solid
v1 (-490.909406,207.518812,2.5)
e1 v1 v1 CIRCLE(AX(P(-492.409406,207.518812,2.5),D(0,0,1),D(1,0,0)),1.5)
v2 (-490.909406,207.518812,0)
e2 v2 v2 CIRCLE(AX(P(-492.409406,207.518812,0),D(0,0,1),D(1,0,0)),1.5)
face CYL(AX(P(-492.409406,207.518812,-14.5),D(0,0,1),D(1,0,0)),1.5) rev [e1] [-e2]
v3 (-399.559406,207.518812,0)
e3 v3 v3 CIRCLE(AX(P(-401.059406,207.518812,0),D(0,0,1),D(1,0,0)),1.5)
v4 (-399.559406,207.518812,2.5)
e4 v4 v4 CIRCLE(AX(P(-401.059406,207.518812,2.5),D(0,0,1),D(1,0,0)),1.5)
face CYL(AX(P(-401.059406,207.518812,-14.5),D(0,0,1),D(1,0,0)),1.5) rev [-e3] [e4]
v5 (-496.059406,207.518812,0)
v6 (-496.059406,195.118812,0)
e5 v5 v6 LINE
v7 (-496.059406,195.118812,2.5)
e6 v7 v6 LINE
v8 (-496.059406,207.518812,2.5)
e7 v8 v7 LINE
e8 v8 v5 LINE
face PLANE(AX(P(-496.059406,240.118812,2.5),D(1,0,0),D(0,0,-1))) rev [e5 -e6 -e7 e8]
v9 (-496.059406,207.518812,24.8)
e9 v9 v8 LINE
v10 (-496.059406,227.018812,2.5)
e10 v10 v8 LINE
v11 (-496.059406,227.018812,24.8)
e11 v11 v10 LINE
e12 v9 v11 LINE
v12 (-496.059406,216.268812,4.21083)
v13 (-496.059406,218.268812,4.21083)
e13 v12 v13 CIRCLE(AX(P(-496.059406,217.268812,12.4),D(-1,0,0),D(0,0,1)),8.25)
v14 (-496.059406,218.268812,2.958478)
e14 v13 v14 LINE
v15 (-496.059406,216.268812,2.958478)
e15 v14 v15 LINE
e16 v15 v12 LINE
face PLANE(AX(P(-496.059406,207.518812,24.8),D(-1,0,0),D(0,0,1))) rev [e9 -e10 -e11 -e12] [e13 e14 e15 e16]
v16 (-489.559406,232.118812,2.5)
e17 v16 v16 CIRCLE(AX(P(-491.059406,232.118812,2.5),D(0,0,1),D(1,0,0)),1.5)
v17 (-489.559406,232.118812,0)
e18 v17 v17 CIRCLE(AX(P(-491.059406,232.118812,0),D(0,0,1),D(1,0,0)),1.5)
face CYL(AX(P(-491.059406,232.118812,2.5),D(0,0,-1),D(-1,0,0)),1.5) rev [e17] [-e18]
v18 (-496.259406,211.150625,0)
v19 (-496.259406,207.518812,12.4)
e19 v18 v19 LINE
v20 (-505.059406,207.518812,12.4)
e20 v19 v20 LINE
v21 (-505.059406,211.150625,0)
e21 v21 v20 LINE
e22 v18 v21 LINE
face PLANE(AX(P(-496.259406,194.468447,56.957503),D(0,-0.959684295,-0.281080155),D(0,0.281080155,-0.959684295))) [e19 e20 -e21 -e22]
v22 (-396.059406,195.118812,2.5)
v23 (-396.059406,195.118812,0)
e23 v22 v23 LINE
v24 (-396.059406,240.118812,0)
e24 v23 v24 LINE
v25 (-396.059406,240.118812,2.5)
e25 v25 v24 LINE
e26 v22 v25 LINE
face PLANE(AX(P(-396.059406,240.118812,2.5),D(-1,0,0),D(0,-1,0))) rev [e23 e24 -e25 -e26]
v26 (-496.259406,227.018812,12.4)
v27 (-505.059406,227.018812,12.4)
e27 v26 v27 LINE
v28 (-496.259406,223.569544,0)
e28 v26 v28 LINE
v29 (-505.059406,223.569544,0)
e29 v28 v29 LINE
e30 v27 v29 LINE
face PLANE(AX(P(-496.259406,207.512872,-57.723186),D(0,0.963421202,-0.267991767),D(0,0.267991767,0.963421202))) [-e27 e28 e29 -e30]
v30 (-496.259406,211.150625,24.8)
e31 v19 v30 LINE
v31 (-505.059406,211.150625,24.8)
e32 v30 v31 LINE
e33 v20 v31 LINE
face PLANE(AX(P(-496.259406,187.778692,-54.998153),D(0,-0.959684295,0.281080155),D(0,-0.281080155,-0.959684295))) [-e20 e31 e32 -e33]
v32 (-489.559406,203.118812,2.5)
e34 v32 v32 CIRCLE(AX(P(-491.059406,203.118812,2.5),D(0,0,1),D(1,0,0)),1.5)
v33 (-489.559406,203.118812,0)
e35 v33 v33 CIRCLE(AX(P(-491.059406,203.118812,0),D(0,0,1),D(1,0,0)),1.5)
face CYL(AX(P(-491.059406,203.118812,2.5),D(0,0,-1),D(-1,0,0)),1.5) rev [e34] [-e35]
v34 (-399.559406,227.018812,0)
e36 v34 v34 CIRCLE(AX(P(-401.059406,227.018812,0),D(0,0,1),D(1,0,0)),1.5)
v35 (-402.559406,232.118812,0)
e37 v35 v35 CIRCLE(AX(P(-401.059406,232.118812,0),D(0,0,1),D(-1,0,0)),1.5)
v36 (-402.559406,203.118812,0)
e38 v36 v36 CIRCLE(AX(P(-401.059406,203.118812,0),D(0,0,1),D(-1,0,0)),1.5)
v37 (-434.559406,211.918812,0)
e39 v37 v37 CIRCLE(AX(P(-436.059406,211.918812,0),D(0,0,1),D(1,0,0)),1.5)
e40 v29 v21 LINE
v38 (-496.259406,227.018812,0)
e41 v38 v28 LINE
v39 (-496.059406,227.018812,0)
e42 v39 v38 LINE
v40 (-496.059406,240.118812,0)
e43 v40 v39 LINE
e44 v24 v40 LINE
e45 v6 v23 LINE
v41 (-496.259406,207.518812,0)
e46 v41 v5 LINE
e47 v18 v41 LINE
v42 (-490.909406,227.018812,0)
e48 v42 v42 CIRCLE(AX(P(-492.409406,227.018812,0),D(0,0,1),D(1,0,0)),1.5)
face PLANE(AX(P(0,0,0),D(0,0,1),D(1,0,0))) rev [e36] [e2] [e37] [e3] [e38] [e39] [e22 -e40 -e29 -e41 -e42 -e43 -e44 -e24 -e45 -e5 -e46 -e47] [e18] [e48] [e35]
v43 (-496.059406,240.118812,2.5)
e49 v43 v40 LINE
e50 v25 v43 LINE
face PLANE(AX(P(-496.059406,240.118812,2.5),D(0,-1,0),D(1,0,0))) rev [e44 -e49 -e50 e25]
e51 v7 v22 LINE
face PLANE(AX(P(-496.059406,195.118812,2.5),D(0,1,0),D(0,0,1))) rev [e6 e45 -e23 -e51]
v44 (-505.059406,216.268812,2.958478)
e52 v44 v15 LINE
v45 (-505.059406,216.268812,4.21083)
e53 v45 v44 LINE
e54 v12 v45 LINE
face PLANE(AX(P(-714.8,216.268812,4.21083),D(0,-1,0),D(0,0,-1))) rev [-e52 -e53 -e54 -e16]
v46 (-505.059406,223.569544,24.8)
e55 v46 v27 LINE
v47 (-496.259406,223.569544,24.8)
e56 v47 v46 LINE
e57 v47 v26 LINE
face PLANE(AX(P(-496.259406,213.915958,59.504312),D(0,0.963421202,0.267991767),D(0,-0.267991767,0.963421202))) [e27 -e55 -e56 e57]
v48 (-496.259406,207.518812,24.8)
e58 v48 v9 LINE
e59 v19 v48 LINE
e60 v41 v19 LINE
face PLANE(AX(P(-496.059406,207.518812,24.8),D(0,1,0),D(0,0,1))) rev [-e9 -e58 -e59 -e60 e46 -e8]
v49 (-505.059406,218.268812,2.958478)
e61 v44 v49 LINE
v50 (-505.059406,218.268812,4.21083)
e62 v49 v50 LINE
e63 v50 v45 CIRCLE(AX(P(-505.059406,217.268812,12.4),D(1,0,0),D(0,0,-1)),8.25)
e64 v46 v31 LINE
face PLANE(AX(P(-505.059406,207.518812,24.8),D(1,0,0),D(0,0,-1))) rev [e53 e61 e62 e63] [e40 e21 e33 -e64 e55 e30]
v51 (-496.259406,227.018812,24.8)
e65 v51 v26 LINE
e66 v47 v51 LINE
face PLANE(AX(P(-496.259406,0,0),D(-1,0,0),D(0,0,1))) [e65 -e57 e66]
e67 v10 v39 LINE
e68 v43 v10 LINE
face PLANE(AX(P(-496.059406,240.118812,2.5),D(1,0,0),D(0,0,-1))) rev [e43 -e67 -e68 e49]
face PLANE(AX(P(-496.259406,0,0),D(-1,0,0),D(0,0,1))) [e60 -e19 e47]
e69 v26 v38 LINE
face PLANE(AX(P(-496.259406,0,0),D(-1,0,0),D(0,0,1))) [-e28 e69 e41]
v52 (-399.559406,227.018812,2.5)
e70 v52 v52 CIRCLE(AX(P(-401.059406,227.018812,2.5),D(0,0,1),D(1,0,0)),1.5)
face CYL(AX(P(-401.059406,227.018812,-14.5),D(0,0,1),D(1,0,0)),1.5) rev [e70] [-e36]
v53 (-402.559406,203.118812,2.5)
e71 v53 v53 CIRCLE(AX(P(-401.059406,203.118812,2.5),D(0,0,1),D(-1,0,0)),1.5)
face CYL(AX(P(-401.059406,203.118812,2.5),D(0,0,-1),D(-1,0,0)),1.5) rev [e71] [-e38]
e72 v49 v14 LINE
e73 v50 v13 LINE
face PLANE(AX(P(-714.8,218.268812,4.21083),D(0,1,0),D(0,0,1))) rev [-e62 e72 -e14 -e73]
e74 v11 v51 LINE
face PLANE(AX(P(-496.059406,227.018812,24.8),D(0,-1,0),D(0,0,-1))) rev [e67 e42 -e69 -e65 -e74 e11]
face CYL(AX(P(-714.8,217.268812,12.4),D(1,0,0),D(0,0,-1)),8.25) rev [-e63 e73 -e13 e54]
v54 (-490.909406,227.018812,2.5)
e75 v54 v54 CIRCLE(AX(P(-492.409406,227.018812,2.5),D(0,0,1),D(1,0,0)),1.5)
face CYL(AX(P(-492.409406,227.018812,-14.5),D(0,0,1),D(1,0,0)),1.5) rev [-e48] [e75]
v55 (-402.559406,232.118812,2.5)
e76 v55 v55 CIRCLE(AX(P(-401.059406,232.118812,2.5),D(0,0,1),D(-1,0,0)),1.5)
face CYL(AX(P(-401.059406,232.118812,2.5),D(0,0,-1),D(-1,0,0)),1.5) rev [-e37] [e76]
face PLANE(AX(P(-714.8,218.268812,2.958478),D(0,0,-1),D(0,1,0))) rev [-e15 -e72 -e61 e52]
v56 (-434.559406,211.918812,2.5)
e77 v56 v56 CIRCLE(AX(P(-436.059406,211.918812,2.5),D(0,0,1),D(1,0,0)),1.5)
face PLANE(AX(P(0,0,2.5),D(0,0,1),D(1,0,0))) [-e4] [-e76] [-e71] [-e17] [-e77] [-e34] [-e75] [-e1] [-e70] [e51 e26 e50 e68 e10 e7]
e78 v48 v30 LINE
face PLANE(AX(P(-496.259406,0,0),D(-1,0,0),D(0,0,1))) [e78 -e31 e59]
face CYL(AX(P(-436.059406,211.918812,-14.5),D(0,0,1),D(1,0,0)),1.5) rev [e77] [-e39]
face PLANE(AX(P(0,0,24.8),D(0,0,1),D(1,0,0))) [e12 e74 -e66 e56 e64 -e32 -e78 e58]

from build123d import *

# Parameters (mm, degrees)
SKETCH1_W               = 100
SKETCH1_H               = 45
SKETCH1_R               = 1.5
BOSS_EXTRUDE2_DEPTH     = 2.5
CUT_EXTRUDE2_DEPTH      = 13
CUT_EXTRUDE2_DEPTH_BACK = 17
SKETCH2_R               = 1.5
SKETCH3_W               = 9
SKETCH3_H               = 19.5
BOSS_EXTRUDE3_DEPTH     = 24.8
CUT_EXTRUDE3_DEPTH      = 8.8
SKETCH7_R               = 8.25
CUT_EXTRUDE4_DEPTH      = 714.8
SKETCH8_W               = 1.252352654
SKETCH8_H               = 2
CUT_EXTRUDE5_DEPTH      = 714.8


with BuildPart() as part:
    # Sketch1 → Boss-Extrude2 (new body)
    with BuildSketch(Plane.XY):
        with Locations((-446.059405941, 217.618811881)):
            Rectangle(SKETCH1_W, SKETCH1_H)
        with Locations((-491.059405941, 232.118811881)):
            Circle(SKETCH1_R, mode=Mode.SUBTRACT)
        with Locations((-491.059405941, 203.118811881)):
            Circle(SKETCH1_R, mode=Mode.SUBTRACT)
        with Locations(Location((-401.059405941, 203.118811881, 0), (0, 0, 180))):
            Circle(SKETCH1_R, mode=Mode.SUBTRACT)
        with Locations(Location((-401.059405941, 232.118811881, 0), (0, 0, 180))):
            Circle(SKETCH1_R, mode=Mode.SUBTRACT)
    extrude(amount=BOSS_EXTRUDE2_DEPTH)

    # Sketch2 → Cut-Extrude2 (cut, two sides: drawn at the far end of the back side and taken through both)
    with BuildSketch(Plane.XY.offset(2.5).offset(-CUT_EXTRUDE2_DEPTH_BACK)):
        with Locations((-436.059405941, 211.918811881)):
            Circle(SKETCH2_R)
        with Locations((-401.059405941, 227.018811881)):
            Circle(SKETCH2_R)
        with Locations((-401.059405941, 207.518811881)):
            Circle(SKETCH2_R)
        with Locations((-492.409405941, 207.518811881)):
            Circle(SKETCH2_R)
        with Locations((-492.409405941, 227.018811881)):
            Circle(SKETCH2_R)
    extrude(amount=CUT_EXTRUDE2_DEPTH + CUT_EXTRUDE2_DEPTH_BACK, mode=Mode.SUBTRACT)

    # Sketch3 → Boss-Extrude3 (add)
    with BuildSketch(Plane.XY):
        with Locations((-500.559405941, 217.268811881)):
            Rectangle(SKETCH3_W, SKETCH3_H)
    extrude(amount=BOSS_EXTRUDE3_DEPTH)

    # Sketch4 → Cut-Extrude3 (cut)
    with BuildSketch(Plane.ZY.offset(505.059405941)):
        Polygon((0, 225.268811881), (0, 223.569543899), (12.4, 227.018811881), (0, 227.018811881), align=None)
        Polygon((24.8, 227.018811881), (12.4, 227.018811881), (24.8, 223.569543899), align=None)
        Polygon((24.8, 211.150624905), (12.4, 207.518811881), (24.8, 207.518811881), align=None)
        Polygon((12.4, 207.518811881), (0, 211.150624905), (0, 209.268811881), (0, 207.518811881), align=None)
    extrude(amount=-CUT_EXTRUDE3_DEPTH, mode=Mode.SUBTRACT)

    # Sketch7 → Cut-Extrude4 (cut)
    with BuildSketch(Plane(origin=(0, 0, 0), x_dir=(0, 0, -1), z_dir=(1, 0, 0))):
        with Locations((-12.4, 217.268811881)):
            Circle(SKETCH7_R)
    extrude(amount=-CUT_EXTRUDE4_DEPTH, mode=Mode.SUBTRACT)

    # Sketch8 → Cut-Extrude5 (cut)
    with BuildSketch(Plane(origin=(0, 0, 0), x_dir=(0, 0, -1), z_dir=(1, 0, 0))):
        with Locations((-3.584653996, 217.268811881)):
            Rectangle(SKETCH8_W, SKETCH8_H)
    extrude(amount=-CUT_EXTRUDE5_DEPTH, mode=Mode.SUBTRACT)


solid = part.part
